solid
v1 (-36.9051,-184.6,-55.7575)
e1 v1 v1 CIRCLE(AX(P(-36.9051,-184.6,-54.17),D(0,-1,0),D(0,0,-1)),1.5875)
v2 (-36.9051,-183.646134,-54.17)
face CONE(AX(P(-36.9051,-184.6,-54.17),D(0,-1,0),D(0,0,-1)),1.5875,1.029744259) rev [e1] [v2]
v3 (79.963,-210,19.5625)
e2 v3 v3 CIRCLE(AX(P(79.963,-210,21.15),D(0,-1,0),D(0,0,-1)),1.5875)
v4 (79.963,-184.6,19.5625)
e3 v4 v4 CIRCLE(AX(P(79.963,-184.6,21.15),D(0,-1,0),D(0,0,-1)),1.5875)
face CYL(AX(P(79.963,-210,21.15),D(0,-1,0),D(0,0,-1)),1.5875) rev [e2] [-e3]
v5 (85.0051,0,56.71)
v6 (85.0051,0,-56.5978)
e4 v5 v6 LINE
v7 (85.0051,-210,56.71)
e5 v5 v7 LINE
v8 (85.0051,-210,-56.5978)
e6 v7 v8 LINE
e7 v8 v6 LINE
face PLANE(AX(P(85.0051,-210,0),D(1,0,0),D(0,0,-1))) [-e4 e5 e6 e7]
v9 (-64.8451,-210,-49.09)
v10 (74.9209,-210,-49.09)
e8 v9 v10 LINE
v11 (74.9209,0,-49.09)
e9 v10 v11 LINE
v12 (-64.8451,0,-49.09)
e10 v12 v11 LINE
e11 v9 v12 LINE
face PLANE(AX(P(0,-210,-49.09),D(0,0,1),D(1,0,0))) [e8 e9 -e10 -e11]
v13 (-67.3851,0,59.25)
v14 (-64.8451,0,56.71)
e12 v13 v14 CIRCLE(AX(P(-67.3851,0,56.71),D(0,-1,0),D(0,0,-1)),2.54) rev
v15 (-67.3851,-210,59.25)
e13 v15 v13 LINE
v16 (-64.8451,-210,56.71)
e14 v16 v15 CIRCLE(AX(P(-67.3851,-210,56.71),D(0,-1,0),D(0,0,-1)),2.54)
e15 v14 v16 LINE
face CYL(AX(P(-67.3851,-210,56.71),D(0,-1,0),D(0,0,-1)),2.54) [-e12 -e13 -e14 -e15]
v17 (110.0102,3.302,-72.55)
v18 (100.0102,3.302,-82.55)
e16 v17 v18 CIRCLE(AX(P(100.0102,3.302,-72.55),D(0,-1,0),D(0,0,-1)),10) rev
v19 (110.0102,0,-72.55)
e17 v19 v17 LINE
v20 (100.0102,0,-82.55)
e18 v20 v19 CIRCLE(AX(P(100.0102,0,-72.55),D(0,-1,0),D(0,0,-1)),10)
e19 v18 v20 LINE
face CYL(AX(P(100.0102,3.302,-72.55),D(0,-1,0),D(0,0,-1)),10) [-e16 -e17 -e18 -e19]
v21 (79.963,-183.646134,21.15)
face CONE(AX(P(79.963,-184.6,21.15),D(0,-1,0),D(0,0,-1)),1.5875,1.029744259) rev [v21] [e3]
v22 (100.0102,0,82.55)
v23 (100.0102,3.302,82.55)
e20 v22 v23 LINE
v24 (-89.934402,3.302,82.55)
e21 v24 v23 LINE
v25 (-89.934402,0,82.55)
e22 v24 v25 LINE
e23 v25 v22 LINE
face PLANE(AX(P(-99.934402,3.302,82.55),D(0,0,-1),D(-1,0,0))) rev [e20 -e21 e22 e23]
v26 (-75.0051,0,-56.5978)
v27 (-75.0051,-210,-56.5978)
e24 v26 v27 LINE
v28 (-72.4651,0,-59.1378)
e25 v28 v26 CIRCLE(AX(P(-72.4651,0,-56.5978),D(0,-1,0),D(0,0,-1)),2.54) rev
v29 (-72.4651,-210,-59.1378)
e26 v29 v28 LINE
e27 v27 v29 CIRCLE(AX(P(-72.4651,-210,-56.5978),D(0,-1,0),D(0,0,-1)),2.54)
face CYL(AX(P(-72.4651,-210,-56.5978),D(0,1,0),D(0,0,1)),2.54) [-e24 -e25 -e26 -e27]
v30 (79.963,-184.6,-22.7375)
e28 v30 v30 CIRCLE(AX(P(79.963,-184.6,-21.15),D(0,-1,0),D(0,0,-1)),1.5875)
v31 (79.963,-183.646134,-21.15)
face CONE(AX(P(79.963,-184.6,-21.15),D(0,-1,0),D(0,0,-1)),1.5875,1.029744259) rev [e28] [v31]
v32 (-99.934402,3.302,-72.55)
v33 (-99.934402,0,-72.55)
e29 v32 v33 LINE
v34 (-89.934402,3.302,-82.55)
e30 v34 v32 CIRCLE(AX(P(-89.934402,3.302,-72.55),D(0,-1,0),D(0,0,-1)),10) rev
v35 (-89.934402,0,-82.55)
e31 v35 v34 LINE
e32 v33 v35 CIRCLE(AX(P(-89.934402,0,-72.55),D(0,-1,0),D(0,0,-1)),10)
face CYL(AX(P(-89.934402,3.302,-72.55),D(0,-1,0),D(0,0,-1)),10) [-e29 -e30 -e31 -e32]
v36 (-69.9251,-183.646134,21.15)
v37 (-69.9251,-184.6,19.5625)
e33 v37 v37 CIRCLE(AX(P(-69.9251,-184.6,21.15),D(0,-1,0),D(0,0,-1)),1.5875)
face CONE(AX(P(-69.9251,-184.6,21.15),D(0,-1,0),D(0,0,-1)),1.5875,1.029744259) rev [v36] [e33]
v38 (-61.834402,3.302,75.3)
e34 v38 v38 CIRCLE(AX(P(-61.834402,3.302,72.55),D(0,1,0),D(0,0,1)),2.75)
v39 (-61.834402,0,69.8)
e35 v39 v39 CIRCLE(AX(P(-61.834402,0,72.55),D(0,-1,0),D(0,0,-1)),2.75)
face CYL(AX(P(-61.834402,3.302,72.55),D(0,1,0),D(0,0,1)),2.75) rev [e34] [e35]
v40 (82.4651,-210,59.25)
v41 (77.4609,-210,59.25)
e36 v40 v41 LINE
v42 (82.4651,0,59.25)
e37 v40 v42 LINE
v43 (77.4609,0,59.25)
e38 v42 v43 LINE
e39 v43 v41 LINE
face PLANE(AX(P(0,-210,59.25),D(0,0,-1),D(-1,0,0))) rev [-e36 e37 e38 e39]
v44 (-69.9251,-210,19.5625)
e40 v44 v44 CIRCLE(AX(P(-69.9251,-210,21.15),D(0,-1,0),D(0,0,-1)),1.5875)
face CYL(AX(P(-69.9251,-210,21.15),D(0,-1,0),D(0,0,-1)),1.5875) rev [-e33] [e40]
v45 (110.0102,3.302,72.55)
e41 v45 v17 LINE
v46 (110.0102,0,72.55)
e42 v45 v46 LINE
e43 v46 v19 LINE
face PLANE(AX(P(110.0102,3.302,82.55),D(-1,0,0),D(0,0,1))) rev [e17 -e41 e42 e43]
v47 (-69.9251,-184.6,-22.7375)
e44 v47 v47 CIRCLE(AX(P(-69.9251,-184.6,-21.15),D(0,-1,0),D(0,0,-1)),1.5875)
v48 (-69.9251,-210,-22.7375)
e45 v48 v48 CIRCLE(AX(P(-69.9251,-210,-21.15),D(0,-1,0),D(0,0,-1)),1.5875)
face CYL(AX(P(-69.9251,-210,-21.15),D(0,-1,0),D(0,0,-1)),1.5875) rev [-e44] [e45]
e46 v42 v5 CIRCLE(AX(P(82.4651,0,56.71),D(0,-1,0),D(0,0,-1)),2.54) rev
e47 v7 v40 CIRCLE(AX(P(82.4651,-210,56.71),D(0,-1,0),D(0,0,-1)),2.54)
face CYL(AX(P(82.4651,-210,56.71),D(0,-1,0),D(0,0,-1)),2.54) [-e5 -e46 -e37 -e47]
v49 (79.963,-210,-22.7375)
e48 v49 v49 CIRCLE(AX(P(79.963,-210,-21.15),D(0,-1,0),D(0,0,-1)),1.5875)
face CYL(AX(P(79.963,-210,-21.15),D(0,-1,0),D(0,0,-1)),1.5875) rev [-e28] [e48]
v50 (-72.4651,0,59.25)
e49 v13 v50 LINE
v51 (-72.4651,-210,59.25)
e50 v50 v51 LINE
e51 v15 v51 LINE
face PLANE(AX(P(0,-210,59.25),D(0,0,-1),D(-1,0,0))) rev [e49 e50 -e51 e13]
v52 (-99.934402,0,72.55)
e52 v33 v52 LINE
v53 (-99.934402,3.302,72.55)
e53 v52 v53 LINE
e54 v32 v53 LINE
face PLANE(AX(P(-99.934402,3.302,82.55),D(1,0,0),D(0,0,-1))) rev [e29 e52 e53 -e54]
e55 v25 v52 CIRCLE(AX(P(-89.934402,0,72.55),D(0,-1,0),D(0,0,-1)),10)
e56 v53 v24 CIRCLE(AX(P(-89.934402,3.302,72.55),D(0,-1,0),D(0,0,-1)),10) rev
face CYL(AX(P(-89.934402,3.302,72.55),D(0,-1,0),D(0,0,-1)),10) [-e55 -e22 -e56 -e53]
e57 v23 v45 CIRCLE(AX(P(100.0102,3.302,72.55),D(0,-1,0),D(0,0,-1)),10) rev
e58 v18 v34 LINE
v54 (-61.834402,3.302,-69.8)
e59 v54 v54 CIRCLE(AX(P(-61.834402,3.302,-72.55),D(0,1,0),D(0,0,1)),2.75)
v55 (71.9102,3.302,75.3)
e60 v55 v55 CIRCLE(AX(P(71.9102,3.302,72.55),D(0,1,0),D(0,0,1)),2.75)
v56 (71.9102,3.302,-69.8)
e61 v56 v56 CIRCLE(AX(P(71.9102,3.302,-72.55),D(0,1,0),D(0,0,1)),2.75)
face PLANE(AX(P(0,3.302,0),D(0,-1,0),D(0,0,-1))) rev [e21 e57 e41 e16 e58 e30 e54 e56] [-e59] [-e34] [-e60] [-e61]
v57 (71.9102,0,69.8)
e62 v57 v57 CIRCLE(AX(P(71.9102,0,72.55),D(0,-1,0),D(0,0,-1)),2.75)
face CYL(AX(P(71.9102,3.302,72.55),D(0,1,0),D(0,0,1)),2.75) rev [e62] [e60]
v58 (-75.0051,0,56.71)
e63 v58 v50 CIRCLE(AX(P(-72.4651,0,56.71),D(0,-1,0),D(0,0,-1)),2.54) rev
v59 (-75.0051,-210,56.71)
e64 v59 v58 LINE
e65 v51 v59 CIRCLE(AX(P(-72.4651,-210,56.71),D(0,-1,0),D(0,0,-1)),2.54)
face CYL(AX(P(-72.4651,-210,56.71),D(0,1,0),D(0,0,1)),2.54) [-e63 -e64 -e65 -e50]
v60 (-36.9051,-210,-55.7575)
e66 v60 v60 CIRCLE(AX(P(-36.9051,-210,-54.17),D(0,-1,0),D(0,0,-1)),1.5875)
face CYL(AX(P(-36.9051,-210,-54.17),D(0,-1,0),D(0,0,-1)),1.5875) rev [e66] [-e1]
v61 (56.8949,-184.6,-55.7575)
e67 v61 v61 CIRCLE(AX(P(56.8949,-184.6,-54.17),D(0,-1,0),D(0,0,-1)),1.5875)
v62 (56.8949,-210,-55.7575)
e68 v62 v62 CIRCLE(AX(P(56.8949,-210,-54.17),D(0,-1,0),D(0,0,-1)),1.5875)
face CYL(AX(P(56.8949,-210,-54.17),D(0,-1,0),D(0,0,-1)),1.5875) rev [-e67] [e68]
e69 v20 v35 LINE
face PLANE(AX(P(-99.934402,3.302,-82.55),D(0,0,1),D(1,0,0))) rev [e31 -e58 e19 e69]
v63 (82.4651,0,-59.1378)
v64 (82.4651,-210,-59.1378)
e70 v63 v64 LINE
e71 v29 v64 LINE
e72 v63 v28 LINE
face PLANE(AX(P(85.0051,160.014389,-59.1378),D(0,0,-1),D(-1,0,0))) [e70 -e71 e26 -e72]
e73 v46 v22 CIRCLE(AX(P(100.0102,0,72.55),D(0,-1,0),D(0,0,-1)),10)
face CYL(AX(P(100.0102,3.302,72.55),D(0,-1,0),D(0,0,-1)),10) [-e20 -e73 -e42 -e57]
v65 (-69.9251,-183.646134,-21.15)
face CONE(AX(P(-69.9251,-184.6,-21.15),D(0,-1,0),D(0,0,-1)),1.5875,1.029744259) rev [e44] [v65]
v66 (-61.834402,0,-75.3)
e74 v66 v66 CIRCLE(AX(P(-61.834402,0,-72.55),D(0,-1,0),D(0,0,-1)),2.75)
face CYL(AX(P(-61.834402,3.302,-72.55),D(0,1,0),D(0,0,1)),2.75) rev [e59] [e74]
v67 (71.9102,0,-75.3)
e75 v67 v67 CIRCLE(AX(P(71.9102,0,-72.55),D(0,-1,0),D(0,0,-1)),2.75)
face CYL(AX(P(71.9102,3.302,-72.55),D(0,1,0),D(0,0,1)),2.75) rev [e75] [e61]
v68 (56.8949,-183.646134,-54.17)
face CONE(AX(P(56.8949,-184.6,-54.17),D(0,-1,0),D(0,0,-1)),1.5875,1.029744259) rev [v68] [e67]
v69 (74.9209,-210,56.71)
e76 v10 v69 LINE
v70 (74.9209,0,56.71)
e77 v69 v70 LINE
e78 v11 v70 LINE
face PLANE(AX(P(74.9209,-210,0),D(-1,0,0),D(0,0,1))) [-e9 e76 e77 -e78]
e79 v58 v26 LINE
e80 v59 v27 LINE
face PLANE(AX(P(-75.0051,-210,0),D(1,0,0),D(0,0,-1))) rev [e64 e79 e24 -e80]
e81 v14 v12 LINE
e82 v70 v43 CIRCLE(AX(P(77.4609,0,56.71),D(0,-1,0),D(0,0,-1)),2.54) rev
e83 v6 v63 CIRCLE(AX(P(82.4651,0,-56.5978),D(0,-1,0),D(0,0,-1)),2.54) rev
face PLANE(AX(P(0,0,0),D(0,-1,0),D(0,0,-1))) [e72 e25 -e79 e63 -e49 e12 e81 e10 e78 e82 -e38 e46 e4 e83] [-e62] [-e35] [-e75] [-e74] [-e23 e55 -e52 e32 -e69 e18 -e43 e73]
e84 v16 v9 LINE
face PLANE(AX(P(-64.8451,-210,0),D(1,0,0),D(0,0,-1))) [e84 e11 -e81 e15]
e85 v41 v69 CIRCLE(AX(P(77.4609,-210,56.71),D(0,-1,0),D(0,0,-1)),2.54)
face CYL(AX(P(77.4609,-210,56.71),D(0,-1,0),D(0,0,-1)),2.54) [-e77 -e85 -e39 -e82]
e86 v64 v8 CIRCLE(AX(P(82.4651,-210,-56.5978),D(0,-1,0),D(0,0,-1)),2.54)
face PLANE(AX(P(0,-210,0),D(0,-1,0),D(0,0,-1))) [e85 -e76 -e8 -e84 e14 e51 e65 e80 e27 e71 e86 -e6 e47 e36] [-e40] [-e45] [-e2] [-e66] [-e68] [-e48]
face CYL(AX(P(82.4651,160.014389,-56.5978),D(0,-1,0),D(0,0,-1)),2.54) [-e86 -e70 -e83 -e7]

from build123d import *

# Parameters (mm, degrees)
SKETCH1_W                      = 209.944601778
SKETCH1_H                      = 165.1
BOSS_EXTRUDE1_DEPTH            = 3.302
M5_CLEARANCE_HOLE2_D           = 5.5
M5_CLEARANCE_HOLE2_DEPTH       = 3.302
FILLET1_R                      = 10
BOSS_EXTRUDE2_DEPTH            = 210
F_1_8_0_1250_DOWEL_HOLE1_D     = 3.175
F_1_8_0_1250_DOWEL_HOLE1_DEPTH = 25.4
F_1_8_0_1250_DOWEL_HOLE1_TIP   = 0.953866233
SKETCH25_W                     = 160.0102
SKETCH25_H                     = 1.27
CUT_EXTRUDE1_DEPTH             = 210
SKETCH26_W                     = 160.0102
SKETCH26_H                     = 1.1578
BOSS_EXTRUDE3_DEPTH            = 210
FILLET2_R                      = 2.54


with BuildPart() as part:
    # Sketch1 → Boss-Extrude1 (new body)
    with BuildSketch(Plane(origin=(0, 0, 0), x_dir=(1, 0, 0), z_dir=(0, 1, 0))):
        with Locations((5.037898889, 0)):
            Rectangle(SKETCH1_W, SKETCH1_H)
    extrude(amount=BOSS_EXTRUDE1_DEPTH)

    # M5 Clearance Hole2
    with Locations(Plane(origin=(0, 3.302, 0), x_dir=(1, 0, 0), z_dir=(0, 1, 0))):
        with Locations((71.910199778, -72.55), (-61.834402, -72.55), (71.910199778, 72.55), (-61.834402, 72.55)):
            Hole(M5_CLEARANCE_HOLE2_D / 2, depth=M5_CLEARANCE_HOLE2_DEPTH)

    # Fillet1
    fillet1_edges = [part.edges().sort_by_distance(p)[0] for p in [
        (110.010199778, 1.651, 82.55),
        (-99.934402, 1.651, 82.55),
        (-99.934402, 1.651, -82.55),
        (110.010199778, 1.651, -82.55),
    ]]
    fillet(fillet1_edges, radius=FILLET1_R)

    # Sketch12 → Boss-Extrude2 (add)
    with BuildSketch(Plane.XZ):
        Polygon((85.0051, -59.25), (85.0051, 59.25), (74.9209, 59.25), (74.9209, -49.09), (-64.8451, -49.09), (-64.8451, 59.25), (-75.0051, 59.25), (-75.0051, -59.25), align=None)
    extrude(amount=BOSS_EXTRUDE2_DEPTH)

    # 1/8 (0.1250) Dowel Hole1
    with Locations(Plane(origin=(0, -210, 0), x_dir=(-1, 0, 0), z_dir=(0, -1, 0))):
        with Locations((69.9251, -21.15), (69.9251, 21.15), (36.9051, 54.17), (-56.8949, 54.17), (-79.963, 21.15), (-79.963, -21.15)):
            Hole(F_1_8_0_1250_DOWEL_HOLE1_D / 2, depth=F_1_8_0_1250_DOWEL_HOLE1_DEPTH)
            with Locations((0, 0, -(F_1_8_0_1250_DOWEL_HOLE1_DEPTH + F_1_8_0_1250_DOWEL_HOLE1_TIP / 2))):  # 118° drill point
                Cone(0, F_1_8_0_1250_DOWEL_HOLE1_D / 2, F_1_8_0_1250_DOWEL_HOLE1_TIP, mode=Mode.SUBTRACT)

    # Sketch25 → Cut-Extrude1 (cut)
    with BuildSketch(Plane(origin=(0, -210, 0), x_dir=(-1, 0, 0), z_dir=(0, -1, 0))):
        with Locations((-5, 58.615)):
            Rectangle(SKETCH25_W, SKETCH25_H)
    extrude(amount=-CUT_EXTRUDE1_DEPTH, mode=Mode.SUBTRACT)

    # Sketch26 → Boss-Extrude3 (add)
    with BuildSketch(Plane(origin=(0, -210, 0), x_dir=(-1, 0, 0), z_dir=(0, -1, 0))):
        with Locations((-5, 58.5589)):
            Rectangle(SKETCH26_W, SKETCH26_H)
    extrude(amount=-BOSS_EXTRUDE3_DEPTH)

    # Fillet2
    fillet2_edges = [part.edges().sort_by_distance(p)[0] for p in [
        (-75.0051, -105, -59.1378),
        (85.0051, -105, -59.1378),
        (74.9209, -105, 59.25),
        (-64.8451, -105, 59.25),
        (-75.0051, -105, 59.25),
        (85.0051, -105, 59.25),
    ]]
    fillet(fillet2_edges, radius=FILLET2_R)


solid = part.part
